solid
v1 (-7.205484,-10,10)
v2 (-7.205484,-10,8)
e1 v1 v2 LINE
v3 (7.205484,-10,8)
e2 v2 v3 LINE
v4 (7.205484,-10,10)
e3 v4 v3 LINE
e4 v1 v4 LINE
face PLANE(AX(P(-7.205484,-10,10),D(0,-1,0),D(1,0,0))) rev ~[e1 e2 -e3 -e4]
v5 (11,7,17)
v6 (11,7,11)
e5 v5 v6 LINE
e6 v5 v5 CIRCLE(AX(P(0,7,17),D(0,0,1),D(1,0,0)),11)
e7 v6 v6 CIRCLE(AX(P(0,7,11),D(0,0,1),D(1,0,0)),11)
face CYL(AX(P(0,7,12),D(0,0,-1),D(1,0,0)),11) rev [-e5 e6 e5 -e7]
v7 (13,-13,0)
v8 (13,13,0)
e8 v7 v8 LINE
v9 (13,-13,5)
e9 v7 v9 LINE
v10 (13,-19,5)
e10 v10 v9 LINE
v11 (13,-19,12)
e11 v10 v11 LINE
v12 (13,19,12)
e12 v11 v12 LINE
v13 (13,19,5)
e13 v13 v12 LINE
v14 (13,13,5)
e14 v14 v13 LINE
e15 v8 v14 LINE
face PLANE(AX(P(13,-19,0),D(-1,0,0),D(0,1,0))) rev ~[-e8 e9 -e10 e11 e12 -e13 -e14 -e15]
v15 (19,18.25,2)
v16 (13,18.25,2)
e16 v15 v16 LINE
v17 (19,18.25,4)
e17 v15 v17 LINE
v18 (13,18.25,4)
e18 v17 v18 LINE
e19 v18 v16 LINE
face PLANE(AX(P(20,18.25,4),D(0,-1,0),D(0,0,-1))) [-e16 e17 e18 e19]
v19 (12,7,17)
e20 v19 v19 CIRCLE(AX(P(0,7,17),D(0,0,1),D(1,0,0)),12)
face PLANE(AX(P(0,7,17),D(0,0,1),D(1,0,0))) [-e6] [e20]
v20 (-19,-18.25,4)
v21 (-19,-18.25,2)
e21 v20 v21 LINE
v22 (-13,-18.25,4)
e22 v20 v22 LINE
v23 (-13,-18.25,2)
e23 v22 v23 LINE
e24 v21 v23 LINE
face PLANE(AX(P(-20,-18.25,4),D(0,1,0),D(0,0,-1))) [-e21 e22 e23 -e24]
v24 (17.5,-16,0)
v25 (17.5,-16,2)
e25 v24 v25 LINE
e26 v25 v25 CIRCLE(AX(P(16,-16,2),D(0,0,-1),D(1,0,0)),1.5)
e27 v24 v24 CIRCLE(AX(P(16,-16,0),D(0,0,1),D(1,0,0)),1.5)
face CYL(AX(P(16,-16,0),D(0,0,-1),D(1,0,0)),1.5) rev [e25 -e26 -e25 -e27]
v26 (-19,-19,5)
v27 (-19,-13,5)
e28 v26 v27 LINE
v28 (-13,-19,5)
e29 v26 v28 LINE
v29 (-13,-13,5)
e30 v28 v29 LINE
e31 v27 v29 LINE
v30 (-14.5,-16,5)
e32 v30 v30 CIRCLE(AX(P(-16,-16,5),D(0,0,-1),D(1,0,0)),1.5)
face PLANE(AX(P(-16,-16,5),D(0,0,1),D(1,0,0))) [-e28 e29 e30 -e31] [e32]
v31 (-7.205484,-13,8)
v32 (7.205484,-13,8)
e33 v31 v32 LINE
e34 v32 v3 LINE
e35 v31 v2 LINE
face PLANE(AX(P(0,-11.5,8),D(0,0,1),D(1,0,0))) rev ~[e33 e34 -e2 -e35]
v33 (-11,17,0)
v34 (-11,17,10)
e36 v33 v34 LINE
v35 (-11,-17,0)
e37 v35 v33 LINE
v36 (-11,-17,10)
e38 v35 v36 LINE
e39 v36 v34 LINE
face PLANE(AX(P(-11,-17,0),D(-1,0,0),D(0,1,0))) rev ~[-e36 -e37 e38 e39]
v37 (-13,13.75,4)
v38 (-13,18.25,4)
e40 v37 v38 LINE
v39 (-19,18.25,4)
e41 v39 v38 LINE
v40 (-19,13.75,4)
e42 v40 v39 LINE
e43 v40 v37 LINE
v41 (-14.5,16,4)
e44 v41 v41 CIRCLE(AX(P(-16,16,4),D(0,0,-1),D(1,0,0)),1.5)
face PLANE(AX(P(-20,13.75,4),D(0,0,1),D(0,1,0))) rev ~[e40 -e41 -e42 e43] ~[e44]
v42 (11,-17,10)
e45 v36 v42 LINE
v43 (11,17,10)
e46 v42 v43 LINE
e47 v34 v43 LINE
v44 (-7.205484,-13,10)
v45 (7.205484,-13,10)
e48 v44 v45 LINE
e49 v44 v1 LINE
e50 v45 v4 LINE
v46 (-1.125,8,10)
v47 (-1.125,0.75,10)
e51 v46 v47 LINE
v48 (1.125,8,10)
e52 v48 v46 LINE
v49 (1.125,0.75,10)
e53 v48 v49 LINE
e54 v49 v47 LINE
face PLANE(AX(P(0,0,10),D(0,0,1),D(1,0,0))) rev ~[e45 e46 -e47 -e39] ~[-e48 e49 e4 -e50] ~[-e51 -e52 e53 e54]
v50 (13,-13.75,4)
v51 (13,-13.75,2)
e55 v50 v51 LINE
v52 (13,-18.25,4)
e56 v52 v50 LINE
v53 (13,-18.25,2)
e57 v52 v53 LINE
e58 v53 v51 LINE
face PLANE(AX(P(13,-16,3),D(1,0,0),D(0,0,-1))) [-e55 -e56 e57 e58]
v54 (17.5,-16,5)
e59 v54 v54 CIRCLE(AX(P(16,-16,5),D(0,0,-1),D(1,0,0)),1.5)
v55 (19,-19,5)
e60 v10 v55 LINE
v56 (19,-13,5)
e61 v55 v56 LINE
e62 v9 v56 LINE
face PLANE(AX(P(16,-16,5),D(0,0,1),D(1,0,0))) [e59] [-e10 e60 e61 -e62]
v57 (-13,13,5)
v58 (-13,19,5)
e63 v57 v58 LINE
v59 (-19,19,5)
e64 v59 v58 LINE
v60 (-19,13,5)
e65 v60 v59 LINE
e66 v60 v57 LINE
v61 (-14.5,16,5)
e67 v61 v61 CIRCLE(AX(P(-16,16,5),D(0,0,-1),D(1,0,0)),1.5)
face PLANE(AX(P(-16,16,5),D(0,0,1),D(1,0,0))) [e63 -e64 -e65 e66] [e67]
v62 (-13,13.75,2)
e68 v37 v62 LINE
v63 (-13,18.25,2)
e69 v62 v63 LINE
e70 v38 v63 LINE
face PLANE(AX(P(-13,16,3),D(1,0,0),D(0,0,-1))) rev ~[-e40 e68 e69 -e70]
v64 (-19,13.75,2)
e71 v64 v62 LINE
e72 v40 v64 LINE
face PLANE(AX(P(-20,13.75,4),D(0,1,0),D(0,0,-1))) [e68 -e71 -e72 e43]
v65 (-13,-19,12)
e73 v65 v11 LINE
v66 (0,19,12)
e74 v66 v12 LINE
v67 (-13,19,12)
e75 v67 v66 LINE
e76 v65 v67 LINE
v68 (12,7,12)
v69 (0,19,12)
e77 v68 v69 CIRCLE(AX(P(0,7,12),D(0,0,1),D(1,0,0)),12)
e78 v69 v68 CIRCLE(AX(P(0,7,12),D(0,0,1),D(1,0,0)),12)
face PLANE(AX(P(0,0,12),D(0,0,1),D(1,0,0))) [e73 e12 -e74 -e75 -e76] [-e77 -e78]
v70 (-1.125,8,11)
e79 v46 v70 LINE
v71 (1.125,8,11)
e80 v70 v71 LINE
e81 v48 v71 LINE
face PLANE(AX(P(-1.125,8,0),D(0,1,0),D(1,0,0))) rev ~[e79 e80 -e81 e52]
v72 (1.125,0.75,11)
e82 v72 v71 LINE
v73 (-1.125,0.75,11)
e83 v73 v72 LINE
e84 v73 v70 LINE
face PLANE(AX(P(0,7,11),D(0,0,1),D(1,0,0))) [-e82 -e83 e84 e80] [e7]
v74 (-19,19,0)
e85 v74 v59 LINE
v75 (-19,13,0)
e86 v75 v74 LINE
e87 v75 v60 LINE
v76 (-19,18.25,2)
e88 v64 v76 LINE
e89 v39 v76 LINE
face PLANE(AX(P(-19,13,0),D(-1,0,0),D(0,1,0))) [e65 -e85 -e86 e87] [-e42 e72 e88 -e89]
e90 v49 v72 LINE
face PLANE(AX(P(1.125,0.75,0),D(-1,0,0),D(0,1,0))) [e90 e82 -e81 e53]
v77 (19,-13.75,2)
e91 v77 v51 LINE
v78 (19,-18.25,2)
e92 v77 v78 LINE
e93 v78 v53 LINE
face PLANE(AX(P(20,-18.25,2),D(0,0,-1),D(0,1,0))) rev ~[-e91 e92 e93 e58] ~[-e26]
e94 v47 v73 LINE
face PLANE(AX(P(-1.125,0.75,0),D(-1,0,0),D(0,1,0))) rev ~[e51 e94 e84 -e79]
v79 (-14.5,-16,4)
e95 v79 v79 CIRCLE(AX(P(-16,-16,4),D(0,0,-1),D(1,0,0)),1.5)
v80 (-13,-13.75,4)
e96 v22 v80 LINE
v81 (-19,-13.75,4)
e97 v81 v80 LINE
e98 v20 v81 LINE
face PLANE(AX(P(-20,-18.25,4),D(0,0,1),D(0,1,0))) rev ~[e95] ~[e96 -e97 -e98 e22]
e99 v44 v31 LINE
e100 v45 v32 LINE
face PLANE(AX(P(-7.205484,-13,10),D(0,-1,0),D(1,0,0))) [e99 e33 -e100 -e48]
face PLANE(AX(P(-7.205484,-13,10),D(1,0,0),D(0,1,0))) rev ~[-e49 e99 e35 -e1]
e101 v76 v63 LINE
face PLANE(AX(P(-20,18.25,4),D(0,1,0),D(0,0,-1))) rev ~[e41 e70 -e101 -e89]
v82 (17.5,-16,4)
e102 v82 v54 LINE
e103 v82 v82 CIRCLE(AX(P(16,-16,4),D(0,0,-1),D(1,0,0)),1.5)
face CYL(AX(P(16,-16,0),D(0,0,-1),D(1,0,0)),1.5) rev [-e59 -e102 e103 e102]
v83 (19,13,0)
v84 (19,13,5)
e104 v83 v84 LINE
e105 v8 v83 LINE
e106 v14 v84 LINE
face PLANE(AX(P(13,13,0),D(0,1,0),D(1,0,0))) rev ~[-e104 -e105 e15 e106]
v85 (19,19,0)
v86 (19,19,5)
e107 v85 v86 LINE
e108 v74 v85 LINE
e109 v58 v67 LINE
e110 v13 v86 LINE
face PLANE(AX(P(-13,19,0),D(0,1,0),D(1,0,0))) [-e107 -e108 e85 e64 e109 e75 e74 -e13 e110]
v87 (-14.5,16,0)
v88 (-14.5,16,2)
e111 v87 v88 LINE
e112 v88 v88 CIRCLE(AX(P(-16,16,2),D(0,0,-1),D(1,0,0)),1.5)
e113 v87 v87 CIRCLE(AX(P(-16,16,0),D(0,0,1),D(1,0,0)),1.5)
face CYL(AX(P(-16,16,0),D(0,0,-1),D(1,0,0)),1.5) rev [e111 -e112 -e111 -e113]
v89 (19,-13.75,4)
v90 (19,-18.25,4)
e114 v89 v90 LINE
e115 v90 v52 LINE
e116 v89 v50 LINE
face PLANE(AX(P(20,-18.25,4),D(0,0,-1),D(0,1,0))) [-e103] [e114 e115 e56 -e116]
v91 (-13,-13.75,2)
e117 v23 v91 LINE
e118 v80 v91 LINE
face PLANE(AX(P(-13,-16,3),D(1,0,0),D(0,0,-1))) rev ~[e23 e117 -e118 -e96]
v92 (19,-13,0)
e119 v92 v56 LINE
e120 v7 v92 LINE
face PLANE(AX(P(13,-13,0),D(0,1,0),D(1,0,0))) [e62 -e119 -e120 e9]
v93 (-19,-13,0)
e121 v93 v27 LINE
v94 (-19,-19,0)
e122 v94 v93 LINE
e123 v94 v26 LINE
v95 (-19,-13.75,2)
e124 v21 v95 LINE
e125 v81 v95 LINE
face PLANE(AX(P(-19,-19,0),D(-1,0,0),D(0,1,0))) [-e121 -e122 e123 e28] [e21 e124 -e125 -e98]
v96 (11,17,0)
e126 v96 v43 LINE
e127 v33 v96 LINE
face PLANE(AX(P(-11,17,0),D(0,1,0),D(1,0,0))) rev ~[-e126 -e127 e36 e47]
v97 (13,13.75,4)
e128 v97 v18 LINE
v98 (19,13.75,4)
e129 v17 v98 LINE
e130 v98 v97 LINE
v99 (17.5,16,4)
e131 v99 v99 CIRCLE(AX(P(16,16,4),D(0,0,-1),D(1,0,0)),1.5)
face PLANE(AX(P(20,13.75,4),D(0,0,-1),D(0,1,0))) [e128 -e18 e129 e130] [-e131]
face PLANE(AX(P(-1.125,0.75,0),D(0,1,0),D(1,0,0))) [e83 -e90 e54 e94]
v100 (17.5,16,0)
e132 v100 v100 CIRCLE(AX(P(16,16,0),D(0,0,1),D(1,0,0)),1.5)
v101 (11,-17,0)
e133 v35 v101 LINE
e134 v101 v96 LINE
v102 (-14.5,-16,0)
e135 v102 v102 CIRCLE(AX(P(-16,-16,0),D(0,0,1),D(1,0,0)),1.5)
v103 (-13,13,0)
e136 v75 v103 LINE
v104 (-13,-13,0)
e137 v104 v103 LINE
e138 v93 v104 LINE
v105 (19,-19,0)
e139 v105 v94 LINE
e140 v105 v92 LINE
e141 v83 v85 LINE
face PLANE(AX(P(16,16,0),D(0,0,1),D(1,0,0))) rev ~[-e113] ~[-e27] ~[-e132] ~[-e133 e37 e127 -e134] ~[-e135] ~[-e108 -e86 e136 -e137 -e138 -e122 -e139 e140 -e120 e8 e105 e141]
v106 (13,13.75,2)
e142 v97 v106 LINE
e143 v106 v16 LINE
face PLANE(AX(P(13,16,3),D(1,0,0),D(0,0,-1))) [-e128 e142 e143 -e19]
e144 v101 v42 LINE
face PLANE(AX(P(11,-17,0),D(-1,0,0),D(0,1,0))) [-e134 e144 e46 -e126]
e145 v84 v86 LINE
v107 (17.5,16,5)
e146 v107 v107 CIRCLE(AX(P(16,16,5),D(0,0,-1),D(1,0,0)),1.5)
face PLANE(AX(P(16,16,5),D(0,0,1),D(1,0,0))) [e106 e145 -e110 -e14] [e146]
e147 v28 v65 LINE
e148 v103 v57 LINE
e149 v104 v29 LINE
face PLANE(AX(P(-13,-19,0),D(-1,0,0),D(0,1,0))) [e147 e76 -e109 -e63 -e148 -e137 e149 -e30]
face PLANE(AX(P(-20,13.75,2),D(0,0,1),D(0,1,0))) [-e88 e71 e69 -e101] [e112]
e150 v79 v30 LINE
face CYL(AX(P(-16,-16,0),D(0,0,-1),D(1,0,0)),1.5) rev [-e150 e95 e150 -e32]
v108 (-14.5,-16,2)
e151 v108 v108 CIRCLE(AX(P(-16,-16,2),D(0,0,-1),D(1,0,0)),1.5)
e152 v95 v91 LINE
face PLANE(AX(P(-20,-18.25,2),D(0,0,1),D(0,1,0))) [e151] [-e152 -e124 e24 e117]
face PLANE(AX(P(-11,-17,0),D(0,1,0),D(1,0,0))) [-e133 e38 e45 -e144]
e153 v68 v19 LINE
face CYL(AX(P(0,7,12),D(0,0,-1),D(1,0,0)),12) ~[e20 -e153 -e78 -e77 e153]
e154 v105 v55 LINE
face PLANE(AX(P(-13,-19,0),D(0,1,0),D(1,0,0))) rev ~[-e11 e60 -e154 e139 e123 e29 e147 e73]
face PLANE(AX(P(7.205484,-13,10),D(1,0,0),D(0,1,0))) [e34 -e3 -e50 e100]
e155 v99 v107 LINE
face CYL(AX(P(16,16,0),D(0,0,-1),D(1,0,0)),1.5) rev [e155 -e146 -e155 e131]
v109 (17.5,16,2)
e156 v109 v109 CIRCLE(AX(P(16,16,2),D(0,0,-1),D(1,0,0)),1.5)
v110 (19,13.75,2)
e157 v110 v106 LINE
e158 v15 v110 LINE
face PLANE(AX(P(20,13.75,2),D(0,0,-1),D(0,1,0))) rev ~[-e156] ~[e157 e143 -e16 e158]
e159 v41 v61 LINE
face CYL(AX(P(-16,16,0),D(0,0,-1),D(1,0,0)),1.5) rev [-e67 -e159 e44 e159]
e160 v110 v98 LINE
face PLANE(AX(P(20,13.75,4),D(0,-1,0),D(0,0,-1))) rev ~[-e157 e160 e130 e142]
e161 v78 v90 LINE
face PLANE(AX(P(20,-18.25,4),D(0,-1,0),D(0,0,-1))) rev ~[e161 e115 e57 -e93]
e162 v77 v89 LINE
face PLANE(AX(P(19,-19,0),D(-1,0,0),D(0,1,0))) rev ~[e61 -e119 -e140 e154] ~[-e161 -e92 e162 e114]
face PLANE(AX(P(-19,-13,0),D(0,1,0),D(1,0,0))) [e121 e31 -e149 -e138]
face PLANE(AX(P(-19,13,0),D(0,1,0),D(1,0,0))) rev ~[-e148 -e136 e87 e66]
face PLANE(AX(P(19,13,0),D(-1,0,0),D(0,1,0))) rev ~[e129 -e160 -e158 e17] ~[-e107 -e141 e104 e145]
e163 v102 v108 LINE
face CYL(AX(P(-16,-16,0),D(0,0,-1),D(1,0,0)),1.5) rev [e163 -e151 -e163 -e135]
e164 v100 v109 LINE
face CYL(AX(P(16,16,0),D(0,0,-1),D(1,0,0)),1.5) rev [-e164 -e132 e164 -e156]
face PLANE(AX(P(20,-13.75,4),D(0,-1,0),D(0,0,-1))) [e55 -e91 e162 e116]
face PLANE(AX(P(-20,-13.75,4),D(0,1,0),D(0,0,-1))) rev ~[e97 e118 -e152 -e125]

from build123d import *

# Parameters (mm, degrees)
SKETCH_1_W          = 26
SKETCH_1_H          = 38
EXTRUDE_1_DEPTH     = 12
SKETCH_2_W          = 22
SKETCH_2_H          = 34
CUT_EXTRUDE_1_DEPTH = 10
SKETCH_3_W          = 2.25
SKETCH_3_H          = 7.25
CUT_EXTRUDE_3_DEPTH = 12
SKETCH_4_W          = 6
SKETCH_4_H          = 6
EXTRUDE_2_DEPTH     = 5
SKETCH_5_R          = 1.5
CUT_EXTRUDE_4_DEPTH = 13
CUT_EXTRUDE_START   = 2
CUT_EXTRUDE_5_DEPTH = 1.6
SKETCH_7_R          = 12
SKETCH_7_R_2        = 11
EXTRUDE_3_DEPTH     = 5
SKETCH_9_R          = 11
CUT_EXTRUDE_7_DEPTH = 1
SKETCH_10_W         = 14.41096837
SKETCH_10_H         = 3
EXTRUDE_4_DEPTH     = 2
CUT_EXTRUDE_START_2 = 20
SKETCH_11_W         = 2
SKETCH_11_H         = 4.5
CUT_EXTRUDE_8_DEPTH = 7
CUT_EXTRUDE_START_3 = -20
SKETCH_13_W         = 2
SKETCH_13_H         = 4.5
CUT_EXTRUDE_9_DEPTH = 7


with BuildPart() as part:
    # ｽｹｯﾁ1 → ﾎﾞｽ - 押し出し1 (new body)
    with BuildSketch(Plane.XY):
        Rectangle(SKETCH_1_W, SKETCH_1_H)
    extrude(amount=EXTRUDE_1_DEPTH)

    # ｽｹｯﾁ2 → ｶｯﾄ - 押し出し1 (cut)
    with BuildSketch(Plane.XY):
        Rectangle(SKETCH_2_W, SKETCH_2_H)
    extrude(amount=CUT_EXTRUDE_1_DEPTH, mode=Mode.SUBTRACT)

    # ｽｹｯﾁ3 → ｶｯﾄ - 押し出し3 (cut)
    with BuildSketch(Plane.XY):
        with Locations((0, 4.375)):
            Rectangle(SKETCH_3_W, SKETCH_3_H)
    extrude(amount=CUT_EXTRUDE_3_DEPTH, mode=Mode.SUBTRACT)

    # ｽｹｯﾁ4 → ﾎﾞｽ - 押し出し2 (add)
    with BuildSketch(Plane.XY):
        with Locations((16, 16)):
            Rectangle(SKETCH_4_W, SKETCH_4_H)
        with Locations((16, -16)):
            Rectangle(SKETCH_4_W, SKETCH_4_H)
        with Locations((-16, -16)):
            Rectangle(SKETCH_4_W, SKETCH_4_H)
        with Locations((-16, 16)):
            Rectangle(SKETCH_4_W, SKETCH_4_H)
    extrude(amount=EXTRUDE_2_DEPTH)

    # ｽｹｯﾁ5 → ｶｯﾄ - 押し出し4 (cut, through all)
    with BuildSketch(Plane.XY):
        with Locations((-16, 16)):
            Circle(SKETCH_5_R)
        with Locations((-16, -16)):
            Circle(SKETCH_5_R)
        with Locations((16, -16)):
            Circle(SKETCH_5_R)
        with Locations((16, 16)):
            Circle(SKETCH_5_R)
    extrude(amount=CUT_EXTRUDE_4_DEPTH, mode=Mode.SUBTRACT)

    # ｽｹｯﾁ6 → ｶｯﾄ - 押し出し5 (cut)
    with BuildSketch(Plane.XY.offset(CUT_EXTRUDE_START)):
        Polygon((-17.184124892, 17.98272075), (-18.309148984, 15.965878137), (-17.125024092, 13.983157387), (-14.815875108, 14.01727925), (-13.690851016, 16.034121863), (-14.874975908, 18.016842613), align=None)
        Polygon((-17.154700538, -14), (-18.309401077, -16), (-17.154700538, -18), (-14.845299462, -18), (-13.690598923, -16), (-14.845299462, -14), align=None)
        Polygon((14.845299462, 18), (13.690598923, 16), (14.845299462, 14), (17.154700538, 14), (18.309401077, 16), (17.154700538, 18), align=None)
        Polygon((14.854466591, -13.994735294), (13.690623119, -15.98942868), (14.836156527, -17.994693386), (17.145533409, -18.005264706), (18.309376881, -16.01057132), (17.163843473, -14.005306614), align=None)
    extrude(amount=CUT_EXTRUDE_5_DEPTH, mode=Mode.SUBTRACT)

    # ｽｹｯﾁ7 → ﾎﾞｽ - 押し出し3 (add)
    with BuildSketch(Plane.XY.offset(12)):
        with Locations((0, 7)):
            Circle(SKETCH_7_R)
        with Locations((0, 7)):
            Circle(SKETCH_7_R_2, mode=Mode.SUBTRACT)
    extrude(amount=EXTRUDE_3_DEPTH)

    # ｽｹｯﾁ9 → ｶｯﾄ - 押し出し7 (cut)
    with BuildSketch(Plane.XY.offset(12)):
        with Locations((0, 7)):
            Circle(SKETCH_9_R)
    extrude(amount=-CUT_EXTRUDE_7_DEPTH, mode=Mode.SUBTRACT)

    # ｽｹｯﾁ10 → ﾎﾞｽ - 押し出し4 (add)
    with BuildSketch(Plane.XY.offset(10)):
        with Locations((0, -11.5)):
            Rectangle(SKETCH_10_W, SKETCH_10_H)
    extrude(amount=-EXTRUDE_4_DEPTH)

    # ｽｹｯﾁ11 → ｶｯﾄ - 押し出し8 (cut)
    with BuildSketch(Plane(origin=(0, 0, 0), x_dir=(0, 0, -1), z_dir=(1, 0, 0)).offset(CUT_EXTRUDE_START_2)):
        with Locations((-3, 16)):
            Rectangle(SKETCH_11_W, SKETCH_11_H)
        with Locations((-3, -16)):
            Rectangle(SKETCH_11_W, SKETCH_11_H)
    extrude(amount=-CUT_EXTRUDE_8_DEPTH, mode=Mode.SUBTRACT)

    # ｽｹｯﾁ13 → ｶｯﾄ - 押し出し9 (cut)
    with BuildSketch(Plane(origin=(0, 0, 0), x_dir=(0, 0, -1), z_dir=(1, 0, 0)).offset(CUT_EXTRUDE_START_3)):
        with Locations((-3, 16)):
            Rectangle(SKETCH_13_W, SKETCH_13_H)
        with Locations((-3, -16)):
            Rectangle(SKETCH_13_W, SKETCH_13_H)
    extrude(amount=CUT_EXTRUDE_9_DEPTH, mode=Mode.SUBTRACT)


solid = part.part
